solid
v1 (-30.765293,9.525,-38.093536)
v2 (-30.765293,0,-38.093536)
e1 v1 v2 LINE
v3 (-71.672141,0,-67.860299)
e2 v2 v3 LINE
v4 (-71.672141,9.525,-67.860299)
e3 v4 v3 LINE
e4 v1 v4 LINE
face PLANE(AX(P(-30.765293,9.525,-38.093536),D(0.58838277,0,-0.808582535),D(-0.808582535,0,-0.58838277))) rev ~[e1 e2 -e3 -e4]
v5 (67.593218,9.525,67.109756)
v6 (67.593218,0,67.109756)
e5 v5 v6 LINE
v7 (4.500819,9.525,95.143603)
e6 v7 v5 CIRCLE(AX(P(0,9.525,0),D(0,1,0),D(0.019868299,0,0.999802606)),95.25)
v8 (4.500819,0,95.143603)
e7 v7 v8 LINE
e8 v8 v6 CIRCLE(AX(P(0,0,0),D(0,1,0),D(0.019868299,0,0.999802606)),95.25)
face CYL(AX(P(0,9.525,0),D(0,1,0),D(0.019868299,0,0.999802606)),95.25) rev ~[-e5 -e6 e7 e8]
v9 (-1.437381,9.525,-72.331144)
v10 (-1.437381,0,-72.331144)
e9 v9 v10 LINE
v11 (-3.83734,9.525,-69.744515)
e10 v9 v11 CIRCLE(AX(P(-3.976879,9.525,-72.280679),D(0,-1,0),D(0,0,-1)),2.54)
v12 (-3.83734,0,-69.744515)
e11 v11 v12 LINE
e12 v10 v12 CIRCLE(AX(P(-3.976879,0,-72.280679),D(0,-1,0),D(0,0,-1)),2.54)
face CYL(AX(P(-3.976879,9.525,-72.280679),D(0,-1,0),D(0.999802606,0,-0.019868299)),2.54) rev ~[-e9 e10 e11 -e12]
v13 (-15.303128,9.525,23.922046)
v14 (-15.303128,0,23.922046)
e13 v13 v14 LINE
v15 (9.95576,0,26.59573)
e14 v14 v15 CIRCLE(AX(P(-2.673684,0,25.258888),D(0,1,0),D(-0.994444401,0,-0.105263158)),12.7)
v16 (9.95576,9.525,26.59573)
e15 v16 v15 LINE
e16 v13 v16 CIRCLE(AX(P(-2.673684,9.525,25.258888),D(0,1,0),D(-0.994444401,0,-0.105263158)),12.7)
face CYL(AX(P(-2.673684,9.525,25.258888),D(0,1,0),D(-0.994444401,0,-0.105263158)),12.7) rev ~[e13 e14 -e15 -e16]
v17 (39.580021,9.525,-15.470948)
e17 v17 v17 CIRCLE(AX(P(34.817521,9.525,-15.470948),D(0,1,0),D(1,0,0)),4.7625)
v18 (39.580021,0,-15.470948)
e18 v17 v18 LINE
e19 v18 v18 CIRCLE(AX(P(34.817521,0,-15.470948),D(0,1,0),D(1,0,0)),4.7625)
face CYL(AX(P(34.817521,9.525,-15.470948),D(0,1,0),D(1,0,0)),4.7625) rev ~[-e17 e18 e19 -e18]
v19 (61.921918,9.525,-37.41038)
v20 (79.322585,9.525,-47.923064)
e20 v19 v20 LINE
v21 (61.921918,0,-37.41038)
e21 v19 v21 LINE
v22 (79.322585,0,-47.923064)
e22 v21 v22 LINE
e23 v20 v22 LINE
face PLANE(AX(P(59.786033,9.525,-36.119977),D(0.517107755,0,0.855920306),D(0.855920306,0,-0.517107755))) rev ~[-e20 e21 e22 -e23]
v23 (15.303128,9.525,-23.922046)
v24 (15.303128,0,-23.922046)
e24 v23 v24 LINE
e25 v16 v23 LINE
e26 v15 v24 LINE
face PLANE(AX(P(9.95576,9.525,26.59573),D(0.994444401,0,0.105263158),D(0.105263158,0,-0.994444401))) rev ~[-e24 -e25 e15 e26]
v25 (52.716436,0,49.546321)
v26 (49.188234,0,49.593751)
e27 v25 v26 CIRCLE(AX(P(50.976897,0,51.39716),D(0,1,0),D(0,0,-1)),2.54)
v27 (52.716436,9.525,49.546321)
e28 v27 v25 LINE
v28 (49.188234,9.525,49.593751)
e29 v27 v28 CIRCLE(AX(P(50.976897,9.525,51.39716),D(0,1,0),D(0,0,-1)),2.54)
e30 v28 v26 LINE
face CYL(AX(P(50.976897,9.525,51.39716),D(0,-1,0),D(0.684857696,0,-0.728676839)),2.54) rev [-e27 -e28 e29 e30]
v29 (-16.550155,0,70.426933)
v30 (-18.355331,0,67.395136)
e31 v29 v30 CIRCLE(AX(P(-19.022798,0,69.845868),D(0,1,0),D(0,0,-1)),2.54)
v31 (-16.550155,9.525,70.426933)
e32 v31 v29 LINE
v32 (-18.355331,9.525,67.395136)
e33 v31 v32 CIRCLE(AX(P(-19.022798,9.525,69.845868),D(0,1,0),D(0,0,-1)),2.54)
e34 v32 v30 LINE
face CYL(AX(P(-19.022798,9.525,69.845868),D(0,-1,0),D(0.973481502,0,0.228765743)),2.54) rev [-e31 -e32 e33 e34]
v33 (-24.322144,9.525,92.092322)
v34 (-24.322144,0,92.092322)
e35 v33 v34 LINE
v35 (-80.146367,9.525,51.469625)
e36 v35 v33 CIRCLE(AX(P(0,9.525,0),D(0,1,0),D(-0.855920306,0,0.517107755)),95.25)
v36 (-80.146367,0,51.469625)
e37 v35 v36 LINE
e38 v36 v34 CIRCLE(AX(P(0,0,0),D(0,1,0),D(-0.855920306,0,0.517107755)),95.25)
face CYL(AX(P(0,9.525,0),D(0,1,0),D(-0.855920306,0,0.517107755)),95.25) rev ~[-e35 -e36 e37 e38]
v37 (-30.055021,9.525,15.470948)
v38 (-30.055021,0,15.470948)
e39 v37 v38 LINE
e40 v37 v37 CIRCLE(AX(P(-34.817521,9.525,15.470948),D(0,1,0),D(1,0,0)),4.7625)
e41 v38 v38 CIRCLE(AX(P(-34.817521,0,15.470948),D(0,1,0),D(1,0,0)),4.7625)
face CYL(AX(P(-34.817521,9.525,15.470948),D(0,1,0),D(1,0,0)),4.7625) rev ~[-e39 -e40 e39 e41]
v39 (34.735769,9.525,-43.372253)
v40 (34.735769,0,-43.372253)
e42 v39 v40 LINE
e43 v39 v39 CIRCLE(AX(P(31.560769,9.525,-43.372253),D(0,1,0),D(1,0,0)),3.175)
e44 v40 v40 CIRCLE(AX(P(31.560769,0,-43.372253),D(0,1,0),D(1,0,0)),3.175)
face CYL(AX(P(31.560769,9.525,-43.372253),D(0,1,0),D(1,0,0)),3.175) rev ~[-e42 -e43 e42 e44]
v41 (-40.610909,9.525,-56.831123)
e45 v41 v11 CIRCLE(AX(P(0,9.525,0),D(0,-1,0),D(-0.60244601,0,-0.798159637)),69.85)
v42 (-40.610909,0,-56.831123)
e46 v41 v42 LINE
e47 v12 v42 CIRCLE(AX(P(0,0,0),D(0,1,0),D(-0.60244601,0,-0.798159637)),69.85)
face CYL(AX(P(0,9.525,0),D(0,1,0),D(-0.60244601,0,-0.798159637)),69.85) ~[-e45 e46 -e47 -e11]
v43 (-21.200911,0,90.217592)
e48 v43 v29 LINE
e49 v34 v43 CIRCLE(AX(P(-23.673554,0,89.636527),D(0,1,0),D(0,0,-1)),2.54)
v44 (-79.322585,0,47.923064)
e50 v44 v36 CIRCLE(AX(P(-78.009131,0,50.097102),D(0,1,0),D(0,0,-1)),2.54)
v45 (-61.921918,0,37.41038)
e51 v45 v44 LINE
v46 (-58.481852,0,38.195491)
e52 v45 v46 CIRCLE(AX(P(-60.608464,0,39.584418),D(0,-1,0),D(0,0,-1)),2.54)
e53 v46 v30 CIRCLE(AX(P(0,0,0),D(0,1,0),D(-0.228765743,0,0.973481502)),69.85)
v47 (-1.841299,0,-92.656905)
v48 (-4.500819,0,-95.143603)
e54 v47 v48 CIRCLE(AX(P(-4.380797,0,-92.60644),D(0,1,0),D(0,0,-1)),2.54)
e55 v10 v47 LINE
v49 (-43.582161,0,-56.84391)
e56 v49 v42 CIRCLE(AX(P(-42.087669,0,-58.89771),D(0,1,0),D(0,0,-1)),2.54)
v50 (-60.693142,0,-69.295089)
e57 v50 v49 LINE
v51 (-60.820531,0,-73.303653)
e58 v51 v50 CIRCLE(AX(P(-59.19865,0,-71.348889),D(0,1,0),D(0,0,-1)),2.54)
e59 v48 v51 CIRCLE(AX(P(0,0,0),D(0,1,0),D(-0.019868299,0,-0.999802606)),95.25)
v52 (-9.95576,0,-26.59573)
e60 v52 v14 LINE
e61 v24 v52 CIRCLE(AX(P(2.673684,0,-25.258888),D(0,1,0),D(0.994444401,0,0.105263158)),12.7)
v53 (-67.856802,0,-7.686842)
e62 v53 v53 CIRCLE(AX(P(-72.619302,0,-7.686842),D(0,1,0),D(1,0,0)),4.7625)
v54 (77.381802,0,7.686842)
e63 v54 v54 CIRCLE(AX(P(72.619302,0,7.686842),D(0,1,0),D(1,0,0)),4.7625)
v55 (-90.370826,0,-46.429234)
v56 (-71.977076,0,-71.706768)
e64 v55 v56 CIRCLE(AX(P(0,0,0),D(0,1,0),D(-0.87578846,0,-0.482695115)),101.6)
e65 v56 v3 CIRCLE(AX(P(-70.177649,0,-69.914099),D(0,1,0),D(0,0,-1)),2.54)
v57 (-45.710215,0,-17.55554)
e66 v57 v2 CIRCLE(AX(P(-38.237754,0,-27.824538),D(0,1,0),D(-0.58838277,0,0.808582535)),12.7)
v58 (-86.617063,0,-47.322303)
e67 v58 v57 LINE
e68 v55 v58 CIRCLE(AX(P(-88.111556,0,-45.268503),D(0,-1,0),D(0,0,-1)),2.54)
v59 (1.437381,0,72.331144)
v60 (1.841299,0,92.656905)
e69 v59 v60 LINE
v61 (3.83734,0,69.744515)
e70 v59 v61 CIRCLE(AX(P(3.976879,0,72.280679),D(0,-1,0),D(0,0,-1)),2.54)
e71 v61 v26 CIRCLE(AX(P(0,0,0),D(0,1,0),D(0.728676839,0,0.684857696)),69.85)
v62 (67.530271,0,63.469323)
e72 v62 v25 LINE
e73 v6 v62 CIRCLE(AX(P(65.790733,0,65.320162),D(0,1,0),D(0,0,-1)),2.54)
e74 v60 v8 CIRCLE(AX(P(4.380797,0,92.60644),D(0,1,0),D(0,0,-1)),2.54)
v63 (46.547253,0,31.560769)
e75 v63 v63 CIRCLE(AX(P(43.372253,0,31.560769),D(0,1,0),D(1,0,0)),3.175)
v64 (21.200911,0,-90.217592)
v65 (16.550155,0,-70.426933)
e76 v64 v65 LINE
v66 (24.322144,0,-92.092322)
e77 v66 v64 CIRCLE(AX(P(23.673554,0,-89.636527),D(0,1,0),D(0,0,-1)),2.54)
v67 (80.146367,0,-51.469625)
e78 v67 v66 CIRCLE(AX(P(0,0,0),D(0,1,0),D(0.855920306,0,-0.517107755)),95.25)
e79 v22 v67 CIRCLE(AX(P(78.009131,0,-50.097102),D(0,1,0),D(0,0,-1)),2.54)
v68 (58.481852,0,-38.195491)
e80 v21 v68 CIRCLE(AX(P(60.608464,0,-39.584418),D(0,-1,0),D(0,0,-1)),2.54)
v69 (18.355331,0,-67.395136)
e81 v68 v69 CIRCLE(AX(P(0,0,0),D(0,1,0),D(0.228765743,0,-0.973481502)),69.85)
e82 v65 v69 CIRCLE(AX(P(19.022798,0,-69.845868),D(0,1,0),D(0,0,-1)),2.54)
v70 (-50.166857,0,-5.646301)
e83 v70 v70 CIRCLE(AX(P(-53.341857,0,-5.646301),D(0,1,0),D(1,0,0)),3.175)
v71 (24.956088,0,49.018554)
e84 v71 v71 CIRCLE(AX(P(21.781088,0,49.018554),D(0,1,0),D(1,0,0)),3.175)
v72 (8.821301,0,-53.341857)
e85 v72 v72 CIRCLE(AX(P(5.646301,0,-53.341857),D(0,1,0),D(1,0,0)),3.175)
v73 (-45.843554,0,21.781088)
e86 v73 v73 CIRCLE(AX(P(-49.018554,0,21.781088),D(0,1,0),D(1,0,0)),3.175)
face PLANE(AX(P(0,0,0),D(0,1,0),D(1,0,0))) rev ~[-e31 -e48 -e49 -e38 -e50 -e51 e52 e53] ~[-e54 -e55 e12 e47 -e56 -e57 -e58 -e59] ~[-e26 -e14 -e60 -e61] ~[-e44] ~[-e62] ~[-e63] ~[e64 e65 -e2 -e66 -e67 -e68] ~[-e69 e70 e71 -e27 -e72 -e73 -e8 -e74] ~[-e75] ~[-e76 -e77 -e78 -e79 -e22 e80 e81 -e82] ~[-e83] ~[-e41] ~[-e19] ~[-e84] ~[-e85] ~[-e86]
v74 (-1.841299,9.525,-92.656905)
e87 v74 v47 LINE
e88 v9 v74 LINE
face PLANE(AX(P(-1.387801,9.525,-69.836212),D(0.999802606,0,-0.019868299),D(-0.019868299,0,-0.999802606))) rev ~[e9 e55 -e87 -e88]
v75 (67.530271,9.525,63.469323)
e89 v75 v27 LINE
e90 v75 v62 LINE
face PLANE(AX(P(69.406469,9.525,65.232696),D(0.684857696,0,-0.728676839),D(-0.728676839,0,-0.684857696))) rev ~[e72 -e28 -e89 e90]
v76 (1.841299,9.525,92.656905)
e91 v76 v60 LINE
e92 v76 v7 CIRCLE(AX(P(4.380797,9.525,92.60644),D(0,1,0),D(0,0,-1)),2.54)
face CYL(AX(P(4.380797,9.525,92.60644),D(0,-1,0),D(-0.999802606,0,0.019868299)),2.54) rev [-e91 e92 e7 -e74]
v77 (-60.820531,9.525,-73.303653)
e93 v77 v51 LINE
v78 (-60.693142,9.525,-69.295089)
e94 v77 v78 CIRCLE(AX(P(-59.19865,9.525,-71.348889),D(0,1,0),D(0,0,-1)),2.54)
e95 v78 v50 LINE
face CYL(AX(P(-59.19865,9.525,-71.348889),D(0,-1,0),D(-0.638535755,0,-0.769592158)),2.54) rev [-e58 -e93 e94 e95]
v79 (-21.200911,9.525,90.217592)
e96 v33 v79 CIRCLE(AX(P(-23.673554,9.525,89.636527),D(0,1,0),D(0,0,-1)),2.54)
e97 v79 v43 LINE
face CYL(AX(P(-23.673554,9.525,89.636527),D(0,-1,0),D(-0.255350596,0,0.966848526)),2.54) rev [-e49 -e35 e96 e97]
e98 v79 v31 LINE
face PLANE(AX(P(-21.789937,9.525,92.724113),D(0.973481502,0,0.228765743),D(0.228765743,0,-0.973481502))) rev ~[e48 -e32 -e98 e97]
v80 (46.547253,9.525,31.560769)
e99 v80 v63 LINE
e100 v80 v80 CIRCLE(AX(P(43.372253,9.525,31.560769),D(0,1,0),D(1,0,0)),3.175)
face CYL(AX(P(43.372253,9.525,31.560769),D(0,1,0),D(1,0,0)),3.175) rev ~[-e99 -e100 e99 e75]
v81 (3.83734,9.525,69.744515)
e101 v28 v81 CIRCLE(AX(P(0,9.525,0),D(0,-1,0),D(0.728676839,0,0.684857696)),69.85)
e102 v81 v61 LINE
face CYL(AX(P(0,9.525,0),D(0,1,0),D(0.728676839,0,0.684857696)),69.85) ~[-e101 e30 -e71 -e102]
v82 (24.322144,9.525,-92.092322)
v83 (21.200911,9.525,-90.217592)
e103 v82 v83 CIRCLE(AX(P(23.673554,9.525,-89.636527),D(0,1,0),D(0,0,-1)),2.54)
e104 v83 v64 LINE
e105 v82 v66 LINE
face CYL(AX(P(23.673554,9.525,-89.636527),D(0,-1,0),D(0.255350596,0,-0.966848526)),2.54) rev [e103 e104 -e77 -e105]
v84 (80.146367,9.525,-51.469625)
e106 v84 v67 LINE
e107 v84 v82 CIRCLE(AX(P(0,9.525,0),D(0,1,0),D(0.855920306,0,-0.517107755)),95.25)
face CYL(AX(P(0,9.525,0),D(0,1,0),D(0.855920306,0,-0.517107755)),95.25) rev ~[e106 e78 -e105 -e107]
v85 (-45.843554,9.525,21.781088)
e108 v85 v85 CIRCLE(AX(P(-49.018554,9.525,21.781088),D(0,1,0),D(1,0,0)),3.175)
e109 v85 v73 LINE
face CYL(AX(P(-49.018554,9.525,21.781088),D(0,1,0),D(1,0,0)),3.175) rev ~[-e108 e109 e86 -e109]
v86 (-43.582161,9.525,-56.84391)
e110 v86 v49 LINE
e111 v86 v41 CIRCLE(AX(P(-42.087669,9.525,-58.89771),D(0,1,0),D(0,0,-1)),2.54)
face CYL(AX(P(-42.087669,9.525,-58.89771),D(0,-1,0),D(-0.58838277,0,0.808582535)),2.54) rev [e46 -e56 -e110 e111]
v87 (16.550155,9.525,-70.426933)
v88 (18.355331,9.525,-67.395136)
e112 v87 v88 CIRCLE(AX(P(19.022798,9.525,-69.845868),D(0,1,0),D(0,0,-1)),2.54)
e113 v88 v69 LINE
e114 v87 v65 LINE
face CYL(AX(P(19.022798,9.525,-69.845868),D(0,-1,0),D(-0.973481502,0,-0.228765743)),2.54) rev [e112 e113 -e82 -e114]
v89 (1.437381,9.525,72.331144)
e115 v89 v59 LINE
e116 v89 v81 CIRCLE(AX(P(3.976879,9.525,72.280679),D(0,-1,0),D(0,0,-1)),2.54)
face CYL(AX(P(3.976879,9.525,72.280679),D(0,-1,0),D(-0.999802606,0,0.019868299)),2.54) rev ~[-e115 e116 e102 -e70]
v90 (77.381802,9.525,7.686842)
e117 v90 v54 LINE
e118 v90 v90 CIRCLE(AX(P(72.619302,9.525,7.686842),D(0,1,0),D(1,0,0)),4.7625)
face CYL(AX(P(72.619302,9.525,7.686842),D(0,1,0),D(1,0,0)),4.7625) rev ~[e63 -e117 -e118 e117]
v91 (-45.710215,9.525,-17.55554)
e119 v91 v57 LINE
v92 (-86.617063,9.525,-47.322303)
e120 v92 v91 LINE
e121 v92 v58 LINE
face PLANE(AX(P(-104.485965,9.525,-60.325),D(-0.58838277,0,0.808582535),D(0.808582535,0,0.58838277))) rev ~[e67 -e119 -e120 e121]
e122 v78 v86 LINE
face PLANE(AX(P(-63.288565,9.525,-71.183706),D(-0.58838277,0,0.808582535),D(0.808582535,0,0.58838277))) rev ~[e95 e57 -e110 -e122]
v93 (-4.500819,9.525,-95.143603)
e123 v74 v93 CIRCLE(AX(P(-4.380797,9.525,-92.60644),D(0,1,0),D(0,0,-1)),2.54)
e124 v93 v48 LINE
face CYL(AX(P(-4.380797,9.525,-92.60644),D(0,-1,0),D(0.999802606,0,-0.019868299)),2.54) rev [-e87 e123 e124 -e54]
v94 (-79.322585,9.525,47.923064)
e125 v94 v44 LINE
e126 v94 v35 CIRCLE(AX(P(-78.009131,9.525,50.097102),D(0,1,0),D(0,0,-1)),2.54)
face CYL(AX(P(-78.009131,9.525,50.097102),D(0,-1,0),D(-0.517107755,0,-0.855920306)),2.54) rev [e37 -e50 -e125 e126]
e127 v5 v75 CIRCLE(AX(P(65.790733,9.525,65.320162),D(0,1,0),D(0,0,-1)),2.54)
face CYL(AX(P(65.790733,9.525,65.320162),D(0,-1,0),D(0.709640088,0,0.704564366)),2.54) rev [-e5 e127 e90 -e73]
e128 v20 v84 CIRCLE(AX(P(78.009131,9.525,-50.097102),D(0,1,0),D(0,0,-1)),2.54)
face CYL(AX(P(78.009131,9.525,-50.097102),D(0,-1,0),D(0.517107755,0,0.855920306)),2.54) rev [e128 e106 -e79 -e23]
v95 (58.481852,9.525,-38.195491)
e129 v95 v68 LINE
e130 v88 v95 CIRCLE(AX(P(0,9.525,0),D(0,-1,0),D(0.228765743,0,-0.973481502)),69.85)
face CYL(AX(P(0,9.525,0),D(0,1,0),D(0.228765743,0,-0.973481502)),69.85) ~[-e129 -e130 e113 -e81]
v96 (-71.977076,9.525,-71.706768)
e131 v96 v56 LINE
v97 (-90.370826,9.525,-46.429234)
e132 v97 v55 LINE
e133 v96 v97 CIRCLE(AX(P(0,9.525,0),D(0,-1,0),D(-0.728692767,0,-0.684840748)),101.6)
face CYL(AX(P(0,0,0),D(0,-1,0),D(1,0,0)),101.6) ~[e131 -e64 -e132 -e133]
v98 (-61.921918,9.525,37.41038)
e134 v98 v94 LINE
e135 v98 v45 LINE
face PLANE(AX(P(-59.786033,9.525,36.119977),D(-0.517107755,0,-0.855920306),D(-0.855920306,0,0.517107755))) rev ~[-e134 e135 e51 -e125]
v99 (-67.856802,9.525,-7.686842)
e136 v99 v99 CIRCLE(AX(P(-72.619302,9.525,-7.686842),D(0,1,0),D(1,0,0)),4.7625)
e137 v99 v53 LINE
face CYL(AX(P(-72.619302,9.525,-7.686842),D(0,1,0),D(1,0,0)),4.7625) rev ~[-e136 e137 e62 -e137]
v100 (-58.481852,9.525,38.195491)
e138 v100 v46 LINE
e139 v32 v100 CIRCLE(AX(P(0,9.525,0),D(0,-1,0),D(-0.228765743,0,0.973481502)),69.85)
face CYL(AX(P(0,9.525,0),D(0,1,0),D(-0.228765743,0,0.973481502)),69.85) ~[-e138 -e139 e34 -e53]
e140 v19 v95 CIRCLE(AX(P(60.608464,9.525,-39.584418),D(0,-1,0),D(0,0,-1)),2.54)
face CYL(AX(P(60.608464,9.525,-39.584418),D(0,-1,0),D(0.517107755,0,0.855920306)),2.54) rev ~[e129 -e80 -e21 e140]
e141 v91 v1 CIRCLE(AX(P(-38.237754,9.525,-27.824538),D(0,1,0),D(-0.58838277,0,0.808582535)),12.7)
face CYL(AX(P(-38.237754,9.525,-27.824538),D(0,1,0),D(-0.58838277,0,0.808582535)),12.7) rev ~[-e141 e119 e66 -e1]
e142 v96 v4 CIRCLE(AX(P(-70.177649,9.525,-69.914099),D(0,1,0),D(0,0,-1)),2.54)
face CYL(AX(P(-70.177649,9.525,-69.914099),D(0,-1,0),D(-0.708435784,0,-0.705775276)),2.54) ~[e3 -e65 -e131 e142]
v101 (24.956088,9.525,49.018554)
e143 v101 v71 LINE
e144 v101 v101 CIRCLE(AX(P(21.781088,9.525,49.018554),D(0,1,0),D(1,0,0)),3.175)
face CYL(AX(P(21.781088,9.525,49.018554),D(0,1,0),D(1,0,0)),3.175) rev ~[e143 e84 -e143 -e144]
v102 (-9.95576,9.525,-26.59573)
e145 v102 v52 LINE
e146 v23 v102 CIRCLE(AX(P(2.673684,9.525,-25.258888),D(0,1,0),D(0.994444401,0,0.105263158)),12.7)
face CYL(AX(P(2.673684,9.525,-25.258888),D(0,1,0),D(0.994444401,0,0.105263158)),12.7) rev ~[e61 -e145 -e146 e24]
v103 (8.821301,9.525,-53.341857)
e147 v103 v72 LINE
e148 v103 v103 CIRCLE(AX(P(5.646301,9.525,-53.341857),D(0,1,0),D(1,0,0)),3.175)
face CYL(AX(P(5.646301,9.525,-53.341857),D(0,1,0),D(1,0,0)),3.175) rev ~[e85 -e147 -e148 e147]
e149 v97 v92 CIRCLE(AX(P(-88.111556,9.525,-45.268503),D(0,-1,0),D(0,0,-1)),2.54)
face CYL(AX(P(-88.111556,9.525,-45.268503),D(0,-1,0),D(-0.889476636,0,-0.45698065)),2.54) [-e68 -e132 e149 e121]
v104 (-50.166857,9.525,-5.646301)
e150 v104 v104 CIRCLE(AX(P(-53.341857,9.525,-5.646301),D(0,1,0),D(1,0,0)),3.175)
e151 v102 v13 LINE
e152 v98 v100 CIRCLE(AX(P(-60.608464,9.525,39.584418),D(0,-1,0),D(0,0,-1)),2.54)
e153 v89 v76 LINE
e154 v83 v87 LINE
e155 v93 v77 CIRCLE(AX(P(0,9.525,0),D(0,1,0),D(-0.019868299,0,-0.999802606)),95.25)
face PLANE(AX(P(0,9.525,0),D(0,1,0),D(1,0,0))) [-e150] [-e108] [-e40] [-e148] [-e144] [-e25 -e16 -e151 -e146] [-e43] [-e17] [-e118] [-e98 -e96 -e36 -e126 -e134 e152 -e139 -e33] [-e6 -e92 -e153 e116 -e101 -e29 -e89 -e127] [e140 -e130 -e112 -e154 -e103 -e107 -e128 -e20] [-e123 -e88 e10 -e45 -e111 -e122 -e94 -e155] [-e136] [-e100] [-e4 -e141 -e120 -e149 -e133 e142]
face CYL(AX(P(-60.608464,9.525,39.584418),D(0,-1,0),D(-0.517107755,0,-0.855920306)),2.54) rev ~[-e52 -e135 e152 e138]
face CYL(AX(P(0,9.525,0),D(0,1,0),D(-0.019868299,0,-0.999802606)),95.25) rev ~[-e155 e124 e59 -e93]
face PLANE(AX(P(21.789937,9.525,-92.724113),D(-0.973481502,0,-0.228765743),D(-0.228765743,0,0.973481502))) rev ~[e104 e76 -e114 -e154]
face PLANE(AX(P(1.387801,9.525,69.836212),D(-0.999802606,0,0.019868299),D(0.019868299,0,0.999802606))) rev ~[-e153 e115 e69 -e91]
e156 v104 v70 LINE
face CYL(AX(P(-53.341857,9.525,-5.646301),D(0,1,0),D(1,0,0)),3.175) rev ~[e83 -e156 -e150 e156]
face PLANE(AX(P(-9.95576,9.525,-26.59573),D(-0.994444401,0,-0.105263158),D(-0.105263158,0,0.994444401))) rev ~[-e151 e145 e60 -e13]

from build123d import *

# Parameters (mm, degrees)
SKETCH1_R           = 101.6
BOSS_EXTRUDE1_DEPTH = 9.525
SKETCH2_R           = 4.7625
SKETCH2_R_2         = 3.175
CUT_EXTRUDE1_DEPTH  = 22.86
SKETCH3_R           = 4.7625
CUT_EXTRUDE2_DEPTH  = 10.525
FILLET1_R           = 2.54
FILLET3_R           = 2.54


with BuildPart() as part:
    # Sketch1 → Boss-Extrude1 (new body)
    with BuildSketch(Plane(origin=(0, 0, 0), x_dir=(1, 0, 0), z_dir=(0, 1, 0))):
        Circle(SKETCH1_R)
    extrude(amount=BOSS_EXTRUDE1_DEPTH)

    # Sketch2 → Cut-Extrude1 (cut)
    with BuildSketch(Plane(origin=(0, 9.525, 0), x_dir=(1, 0, 0), z_dir=(0, 1, 0))):
        with BuildLine():
            Line((-9.955759688, 26.595729902), (-15.303128109, -23.922045692))
            ThreePointArc((-15.303128109, -23.922045692), (-4.010526316, -37.888331696), (9.955759688, -26.595729902))
            Line((9.955759688, -26.595729902), (15.303128109, 23.922045692))
            ThreePointArc((15.303128109, 23.922045692), (4.010526316, 37.888331696), (-9.955759688, 26.595729902))
        make_face()
        with Locations((34.817520913, 15.470948176)):
            Circle(SKETCH2_R)
        with Locations((-34.817520913, -15.470948176)):
            Circle(SKETCH2_R)
        with BuildLine():
            Line((-30.765292524, 38.093536125), (-87.237043764, 79.186441231))
            Line((-87.237043764, 79.186441231), (-104.485964967, 60.325))
            Line((-104.485964967, 60.325), (-45.710214871, 17.555539727))
            ThreePointArc((-45.710214871, 17.555539727), (-27.968755498, 20.352076753), (-30.765292524, 38.093536125))
        make_face()
        with Locations((5.646300897, 53.341856998)):
            Circle(SKETCH2_R_2)
        with Locations((31.560768513, 43.372252797)):
            Circle(SKETCH2_R_2)
        with Locations((-53.341856998, 5.646300897)):
            Circle(SKETCH2_R_2)
        with Locations((43.372252797, -31.560768513)):
            Circle(SKETCH2_R_2)
        with Locations((-49.018553694, -21.781088485)):
            Circle(SKETCH2_R_2)
        with Locations((21.781088485, -49.018553694)):
            Circle(SKETCH2_R_2)
    extrude(amount=-CUT_EXTRUDE1_DEPTH, mode=Mode.SUBTRACT)

    # Sketch3 → Cut-Extrude2 (cut, through all)
    with BuildSketch(Plane(origin=(0, 9.525, 0), x_dir=(1, 0, 0), z_dir=(0, 1, 0))):
        with BuildLine():
            ThreePointArc((15.979287148, 67.997682918), (41.099184753, 56.47901834), (59.78603337, 36.119976659))
            Line((59.78603337, 36.119976659), (81.526409141, 49.254513627))
            ThreePointArc((81.526409141, 49.254513627), (56.044342845, 77.016843191), (21.78993702, 92.72411307))
            Line((21.78993702, 92.72411307), (15.979287148, 67.997682918))
        make_face()
        with BuildLine():
            ThreePointArc((50.898077232, -47.837310063), (28.362672287, -63.832447241), (1.387800686, -69.83621202))
            Line((1.387800686, -69.83621202), (1.892455481, -95.231198209))
            ThreePointArc((1.892455481, -95.231198209), (38.6763713, -87.044246238), (69.406468953, -65.232695541))
            Line((69.406468953, -65.232695541), (50.898077232, -47.837310063))
        make_face()
        with BuildLine():
            ThreePointArc((-15.979287148, -67.997682918), (-41.099184753, -56.47901834), (-59.78603337, -36.119976659))
            Line((-59.78603337, -36.119976659), (-81.526409141, -49.254513627))
            ThreePointArc((-81.526409141, -49.254513627), (-56.044342845, -77.016843191), (-21.78993702, -92.72411307))
            Line((-21.78993702, -92.72411307), (-15.979287148, -67.997682918))
        make_face()
        with BuildLine():
            ThreePointArc((-42.080853774, 55.751450615), (-22.846796408, 66.00792675), (-1.387800686, 69.83621202))
            Line((-1.387800686, 69.83621202), (-1.892455481, 95.231198209))
            ThreePointArc((-1.892455481, 95.231198209), (-34.737758173, 88.689631058), (-63.288565419, 71.183705911))
            Line((-63.288565419, 71.183705911), (-42.080853774, 55.751450615))
        make_face()
        with Locations((-72.619302416, 7.686842105)):
            Circle(SKETCH3_R)
        with Locations((72.619302416, -7.686842105)):
            Circle(SKETCH3_R)
    extrude(amount=-CUT_EXTRUDE2_DEPTH, mode=Mode.SUBTRACT)

    # Fillet1
    fillet1_edges = [part.edges().sort_by_distance(p)[0] for p in [
        (-74.035185173, 4.7625, -69.579820037),
        (-88.980107519, 4.7625, -49.041823639),
    ]]
    fillet(fillet1_edges, radius=FILLET1_R)

    # Fillet3
    fillet3_edges = [part.edges().sort_by_distance(p)[0] for p in [
        (-15.979287148, 4.7625, 67.997682918),
        (-21.78993702, 4.7625, 92.72411307),
        (-81.526409141, 4.7625, 49.254513627),
        (-59.78603337, 4.7625, 36.119976659),
        (50.898077232, 4.7625, 47.837310063),
        (69.406468953, 4.7625, 65.232695541),
        (1.892455481, 4.7625, 95.231198209),
        (1.387800686, 4.7625, 69.83621202),
        (15.979287148, 4.7625, -67.997682918),
        (21.78993702, 4.7625, -92.72411307),
        (81.526409141, 4.7625, -49.254513627),
        (59.78603337, 4.7625, -36.119976659),
        (-42.080853774, 4.7625, -55.751450615),
        (-63.288565419, 4.7625, -71.183705911),
        (-1.892455481, 4.7625, -95.231198209),
        (-1.387800686, 4.7625, -69.83621202),
    ]]
    fillet(fillet3_edges, radius=FILLET3_R)


solid = part.part
